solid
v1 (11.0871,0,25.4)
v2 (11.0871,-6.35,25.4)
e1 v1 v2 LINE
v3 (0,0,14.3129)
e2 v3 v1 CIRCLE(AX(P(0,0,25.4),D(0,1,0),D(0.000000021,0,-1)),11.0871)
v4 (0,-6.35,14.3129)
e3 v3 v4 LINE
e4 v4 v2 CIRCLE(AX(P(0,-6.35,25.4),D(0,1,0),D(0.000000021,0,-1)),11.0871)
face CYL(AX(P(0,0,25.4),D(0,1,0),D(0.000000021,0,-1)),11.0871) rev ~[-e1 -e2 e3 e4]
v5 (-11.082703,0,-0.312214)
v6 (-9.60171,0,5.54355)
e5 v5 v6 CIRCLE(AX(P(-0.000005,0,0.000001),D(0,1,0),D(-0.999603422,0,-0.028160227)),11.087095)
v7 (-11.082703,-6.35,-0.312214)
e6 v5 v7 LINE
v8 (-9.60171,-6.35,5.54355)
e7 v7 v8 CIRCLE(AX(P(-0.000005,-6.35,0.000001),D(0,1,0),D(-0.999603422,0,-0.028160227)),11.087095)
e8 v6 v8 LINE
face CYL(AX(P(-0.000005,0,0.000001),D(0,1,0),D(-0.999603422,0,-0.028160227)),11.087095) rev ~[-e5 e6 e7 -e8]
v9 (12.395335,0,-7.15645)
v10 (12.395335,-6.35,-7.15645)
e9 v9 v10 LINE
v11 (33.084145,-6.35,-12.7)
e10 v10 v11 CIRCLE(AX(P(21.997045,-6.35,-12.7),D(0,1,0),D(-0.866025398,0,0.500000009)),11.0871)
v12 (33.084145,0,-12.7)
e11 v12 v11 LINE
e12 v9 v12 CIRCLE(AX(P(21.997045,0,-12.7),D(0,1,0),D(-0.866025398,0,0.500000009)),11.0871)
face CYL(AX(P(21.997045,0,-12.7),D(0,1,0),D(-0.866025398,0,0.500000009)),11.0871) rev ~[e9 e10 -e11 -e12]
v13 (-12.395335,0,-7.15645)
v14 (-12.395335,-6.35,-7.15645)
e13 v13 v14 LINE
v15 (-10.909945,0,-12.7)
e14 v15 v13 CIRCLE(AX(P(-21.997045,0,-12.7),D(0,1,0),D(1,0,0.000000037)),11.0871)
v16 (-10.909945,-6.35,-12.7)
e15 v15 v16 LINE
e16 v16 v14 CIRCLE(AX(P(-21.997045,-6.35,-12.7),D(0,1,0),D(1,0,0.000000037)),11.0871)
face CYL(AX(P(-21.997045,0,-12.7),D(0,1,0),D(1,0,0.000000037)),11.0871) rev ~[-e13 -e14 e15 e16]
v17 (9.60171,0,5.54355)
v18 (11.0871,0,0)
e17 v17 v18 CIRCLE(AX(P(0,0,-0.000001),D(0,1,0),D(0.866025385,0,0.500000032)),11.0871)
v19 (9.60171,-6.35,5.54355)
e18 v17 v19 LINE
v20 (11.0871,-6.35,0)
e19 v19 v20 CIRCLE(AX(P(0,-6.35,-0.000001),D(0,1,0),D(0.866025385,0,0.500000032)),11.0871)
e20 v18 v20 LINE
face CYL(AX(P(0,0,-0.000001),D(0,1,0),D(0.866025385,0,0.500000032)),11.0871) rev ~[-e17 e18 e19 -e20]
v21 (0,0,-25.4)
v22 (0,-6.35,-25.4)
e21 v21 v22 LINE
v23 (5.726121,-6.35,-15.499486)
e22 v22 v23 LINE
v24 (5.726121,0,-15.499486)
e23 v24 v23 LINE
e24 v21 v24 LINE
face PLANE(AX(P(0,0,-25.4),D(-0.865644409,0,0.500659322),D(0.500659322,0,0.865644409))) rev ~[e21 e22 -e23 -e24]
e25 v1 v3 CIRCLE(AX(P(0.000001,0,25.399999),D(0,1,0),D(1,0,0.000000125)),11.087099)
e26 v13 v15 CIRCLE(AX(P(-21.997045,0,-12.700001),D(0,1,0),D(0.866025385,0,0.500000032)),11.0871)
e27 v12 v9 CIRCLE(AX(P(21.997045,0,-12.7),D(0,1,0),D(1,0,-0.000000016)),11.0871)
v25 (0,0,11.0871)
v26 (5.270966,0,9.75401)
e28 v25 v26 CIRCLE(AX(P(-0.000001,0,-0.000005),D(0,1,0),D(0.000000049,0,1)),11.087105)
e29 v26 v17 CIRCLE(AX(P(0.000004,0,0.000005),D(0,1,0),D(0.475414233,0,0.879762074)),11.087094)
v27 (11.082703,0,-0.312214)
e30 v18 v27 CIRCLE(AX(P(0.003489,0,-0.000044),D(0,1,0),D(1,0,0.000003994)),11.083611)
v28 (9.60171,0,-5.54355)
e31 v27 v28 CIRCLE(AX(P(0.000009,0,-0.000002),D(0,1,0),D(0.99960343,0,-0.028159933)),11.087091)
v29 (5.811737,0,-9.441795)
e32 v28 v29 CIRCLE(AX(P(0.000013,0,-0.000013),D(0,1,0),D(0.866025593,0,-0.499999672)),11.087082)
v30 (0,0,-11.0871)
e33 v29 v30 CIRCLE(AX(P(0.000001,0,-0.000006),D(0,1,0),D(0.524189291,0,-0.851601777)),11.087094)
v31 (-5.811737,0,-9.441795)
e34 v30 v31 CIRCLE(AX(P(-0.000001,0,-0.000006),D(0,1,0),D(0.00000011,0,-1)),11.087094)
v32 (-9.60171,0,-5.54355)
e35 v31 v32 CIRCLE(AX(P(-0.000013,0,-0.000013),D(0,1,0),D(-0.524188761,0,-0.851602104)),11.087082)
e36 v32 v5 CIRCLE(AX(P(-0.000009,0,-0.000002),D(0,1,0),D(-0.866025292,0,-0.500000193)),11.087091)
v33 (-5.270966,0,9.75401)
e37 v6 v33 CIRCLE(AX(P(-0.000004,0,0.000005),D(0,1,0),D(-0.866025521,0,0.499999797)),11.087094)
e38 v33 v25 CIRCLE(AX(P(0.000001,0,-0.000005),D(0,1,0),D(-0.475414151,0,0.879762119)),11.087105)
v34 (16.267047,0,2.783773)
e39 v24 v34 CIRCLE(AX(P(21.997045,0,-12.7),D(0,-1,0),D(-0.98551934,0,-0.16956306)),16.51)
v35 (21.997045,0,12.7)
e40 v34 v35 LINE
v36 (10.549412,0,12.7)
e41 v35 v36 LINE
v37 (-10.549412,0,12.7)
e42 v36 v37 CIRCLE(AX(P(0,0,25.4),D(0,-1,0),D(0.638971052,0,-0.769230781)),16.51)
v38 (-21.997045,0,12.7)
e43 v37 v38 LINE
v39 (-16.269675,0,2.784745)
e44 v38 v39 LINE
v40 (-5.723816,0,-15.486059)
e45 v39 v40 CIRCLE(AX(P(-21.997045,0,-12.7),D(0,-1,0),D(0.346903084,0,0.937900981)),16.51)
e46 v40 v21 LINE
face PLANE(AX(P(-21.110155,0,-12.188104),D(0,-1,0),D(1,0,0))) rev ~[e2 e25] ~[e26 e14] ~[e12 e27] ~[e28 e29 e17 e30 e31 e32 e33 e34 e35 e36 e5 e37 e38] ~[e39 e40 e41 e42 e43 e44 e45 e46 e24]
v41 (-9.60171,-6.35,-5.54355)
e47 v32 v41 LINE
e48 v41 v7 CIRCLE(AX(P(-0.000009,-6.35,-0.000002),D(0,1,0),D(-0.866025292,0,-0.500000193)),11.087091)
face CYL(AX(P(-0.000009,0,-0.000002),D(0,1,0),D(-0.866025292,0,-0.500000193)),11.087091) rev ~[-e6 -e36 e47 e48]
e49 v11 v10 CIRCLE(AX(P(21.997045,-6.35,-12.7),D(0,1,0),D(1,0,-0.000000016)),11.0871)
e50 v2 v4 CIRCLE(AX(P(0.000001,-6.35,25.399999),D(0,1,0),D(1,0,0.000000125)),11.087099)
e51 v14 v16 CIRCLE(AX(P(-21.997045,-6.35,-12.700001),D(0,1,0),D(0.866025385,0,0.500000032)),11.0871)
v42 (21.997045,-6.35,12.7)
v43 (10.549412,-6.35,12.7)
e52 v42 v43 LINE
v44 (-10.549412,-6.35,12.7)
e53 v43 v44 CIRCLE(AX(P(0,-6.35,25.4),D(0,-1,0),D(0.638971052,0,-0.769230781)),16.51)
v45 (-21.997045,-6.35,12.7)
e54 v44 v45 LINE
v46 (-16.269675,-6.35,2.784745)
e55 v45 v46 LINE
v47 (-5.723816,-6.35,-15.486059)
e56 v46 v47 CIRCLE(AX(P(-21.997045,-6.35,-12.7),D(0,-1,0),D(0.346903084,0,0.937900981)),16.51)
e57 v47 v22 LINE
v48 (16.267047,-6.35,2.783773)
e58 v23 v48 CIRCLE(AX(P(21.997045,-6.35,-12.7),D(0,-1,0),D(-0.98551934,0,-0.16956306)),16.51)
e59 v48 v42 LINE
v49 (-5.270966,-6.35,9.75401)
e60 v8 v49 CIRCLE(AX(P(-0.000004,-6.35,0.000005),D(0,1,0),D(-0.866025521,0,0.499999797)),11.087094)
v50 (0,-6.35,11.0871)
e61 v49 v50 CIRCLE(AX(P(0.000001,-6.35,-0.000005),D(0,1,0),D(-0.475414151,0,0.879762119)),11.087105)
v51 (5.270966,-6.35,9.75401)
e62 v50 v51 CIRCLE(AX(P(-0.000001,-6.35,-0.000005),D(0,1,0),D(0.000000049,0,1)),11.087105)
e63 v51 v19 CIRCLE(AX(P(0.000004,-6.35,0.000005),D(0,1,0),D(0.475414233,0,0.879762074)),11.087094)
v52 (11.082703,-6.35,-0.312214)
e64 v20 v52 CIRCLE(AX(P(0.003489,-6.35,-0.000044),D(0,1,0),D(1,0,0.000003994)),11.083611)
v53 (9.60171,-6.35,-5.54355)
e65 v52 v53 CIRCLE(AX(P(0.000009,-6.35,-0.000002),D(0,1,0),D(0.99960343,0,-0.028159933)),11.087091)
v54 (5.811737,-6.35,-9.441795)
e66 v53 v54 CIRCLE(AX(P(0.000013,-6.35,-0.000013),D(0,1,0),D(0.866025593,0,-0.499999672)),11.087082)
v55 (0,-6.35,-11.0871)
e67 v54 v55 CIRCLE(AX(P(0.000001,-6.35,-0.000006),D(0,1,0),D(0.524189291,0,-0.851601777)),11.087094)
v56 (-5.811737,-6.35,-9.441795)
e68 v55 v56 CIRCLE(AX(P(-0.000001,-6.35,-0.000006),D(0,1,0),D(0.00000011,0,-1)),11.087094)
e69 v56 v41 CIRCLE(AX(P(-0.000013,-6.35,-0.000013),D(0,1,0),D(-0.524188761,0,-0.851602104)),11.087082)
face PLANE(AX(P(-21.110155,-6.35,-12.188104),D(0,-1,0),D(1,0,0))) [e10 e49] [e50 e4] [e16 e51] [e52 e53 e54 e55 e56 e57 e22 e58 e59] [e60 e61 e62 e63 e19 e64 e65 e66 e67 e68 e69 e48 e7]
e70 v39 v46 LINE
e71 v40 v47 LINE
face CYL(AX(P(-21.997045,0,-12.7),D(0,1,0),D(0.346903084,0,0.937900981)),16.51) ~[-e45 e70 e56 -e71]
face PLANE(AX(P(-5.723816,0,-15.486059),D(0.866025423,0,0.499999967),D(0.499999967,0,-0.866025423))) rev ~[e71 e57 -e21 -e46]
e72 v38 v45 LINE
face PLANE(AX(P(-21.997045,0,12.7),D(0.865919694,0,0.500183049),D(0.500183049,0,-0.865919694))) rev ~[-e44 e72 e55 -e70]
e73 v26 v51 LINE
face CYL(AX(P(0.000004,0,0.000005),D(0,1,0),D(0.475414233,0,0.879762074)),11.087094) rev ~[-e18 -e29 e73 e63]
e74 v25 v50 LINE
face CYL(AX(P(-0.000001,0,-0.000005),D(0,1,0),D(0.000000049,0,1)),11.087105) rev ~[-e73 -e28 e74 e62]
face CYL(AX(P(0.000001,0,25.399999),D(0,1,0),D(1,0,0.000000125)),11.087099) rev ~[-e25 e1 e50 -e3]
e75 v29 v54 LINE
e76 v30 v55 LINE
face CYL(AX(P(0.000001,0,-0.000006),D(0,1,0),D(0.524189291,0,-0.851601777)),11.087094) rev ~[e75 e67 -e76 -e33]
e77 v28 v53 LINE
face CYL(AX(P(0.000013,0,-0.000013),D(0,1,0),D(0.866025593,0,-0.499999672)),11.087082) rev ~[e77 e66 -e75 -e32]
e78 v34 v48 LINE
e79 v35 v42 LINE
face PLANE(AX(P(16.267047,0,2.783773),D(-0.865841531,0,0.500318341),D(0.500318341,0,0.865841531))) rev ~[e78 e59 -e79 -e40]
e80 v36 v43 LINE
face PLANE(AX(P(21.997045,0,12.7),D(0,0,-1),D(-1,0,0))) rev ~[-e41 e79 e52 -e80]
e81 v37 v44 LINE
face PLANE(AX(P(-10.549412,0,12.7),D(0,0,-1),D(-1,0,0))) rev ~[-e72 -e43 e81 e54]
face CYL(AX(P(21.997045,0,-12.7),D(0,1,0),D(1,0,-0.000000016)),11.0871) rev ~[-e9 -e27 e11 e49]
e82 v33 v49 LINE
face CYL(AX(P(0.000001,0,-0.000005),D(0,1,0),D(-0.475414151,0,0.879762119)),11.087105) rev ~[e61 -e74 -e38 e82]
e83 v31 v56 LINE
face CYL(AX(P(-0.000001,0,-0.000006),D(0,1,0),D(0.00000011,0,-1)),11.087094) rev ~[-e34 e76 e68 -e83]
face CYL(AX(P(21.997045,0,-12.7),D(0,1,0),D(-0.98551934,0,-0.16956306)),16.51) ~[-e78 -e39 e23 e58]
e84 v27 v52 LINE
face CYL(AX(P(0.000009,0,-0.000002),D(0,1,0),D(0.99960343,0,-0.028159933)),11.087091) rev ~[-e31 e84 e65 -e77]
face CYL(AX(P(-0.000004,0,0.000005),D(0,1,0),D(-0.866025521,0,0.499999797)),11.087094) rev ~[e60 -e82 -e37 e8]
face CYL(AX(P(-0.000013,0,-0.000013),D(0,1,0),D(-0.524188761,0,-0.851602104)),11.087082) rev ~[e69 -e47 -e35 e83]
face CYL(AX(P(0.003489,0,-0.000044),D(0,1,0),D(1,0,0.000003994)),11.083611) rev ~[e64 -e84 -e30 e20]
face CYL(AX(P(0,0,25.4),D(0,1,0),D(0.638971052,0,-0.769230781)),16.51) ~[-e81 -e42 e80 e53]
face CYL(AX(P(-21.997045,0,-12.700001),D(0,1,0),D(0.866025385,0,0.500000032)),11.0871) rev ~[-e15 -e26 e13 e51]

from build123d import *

# Parameters (mm, degrees)
F1_DEPTH = 6.35


with BuildPart() as f1:
    # F0 (on Front) → F1 (new body)
    with BuildSketch(Plane.XZ):
        with BuildLine():
            ThreePointArc((-5.723816, -15.486059), (-5.488792, -12.459869), (-5.811737, -9.441795))
            ThreePointArc((-5.811737, -9.441795), (-7.949382, -7.728591), (-9.60171, -5.54355))
            ThreePointArc((-9.60171, -5.54355), (-10.667847, -3.020071), (-11.082703, -0.312214))
            ThreePointArc((-11.082703, -0.312214), (-13.533332, 1.47553), (-16.269675, 2.784745))
            ThreePointArc((-16.269675, 2.784745), (-36.296072, -20.953359), (-5.723816, -15.486059))
        make_face()
        with BuildLine():
            ThreePointArc((-10.909945, -12.7), (-32.706361, -15.569553), (-12.395335, -7.15645))
            ThreePointArc((-12.395335, -7.15645), (-11.287729, -9.830447), (-10.909945, -12.7))
        make_face(mode=Mode.SUBTRACT)
        with BuildLine():
            ThreePointArc((16.267047, 2.783773), (13.532129, 1.474812), (11.082703, -0.312214))
            ThreePointArc((11.082703, -0.312214), (10.667847, -3.020071), (9.60171, -5.54355))
            ThreePointArc((9.60171, -5.54355), (7.949382, -7.728591), (5.811737, -9.441795))
            ThreePointArc((5.811737, -9.441795), (5.488694, -12.46668), (5.726121, -15.499486))
            ThreePointArc((5.726121, -15.499486), (36.300176, -20.946245), (16.267047, 2.783773))
        make_face()
        with BuildLine():
            ThreePointArc((33.084145, -12.7), (19.127493, -23.409316), (12.395335, -7.15645))
            ThreePointArc((12.395335, -7.15645), (24.866598, -1.990684), (33.084145, -12.7))
        make_face(mode=Mode.SUBTRACT)
        with BuildLine():
            ThreePointArc((0, 11.0871), (2.718465, 10.748662), (5.270966, 9.75401))
            ThreePointArc((5.270966, 9.75401), (8.046167, 10.983368), (10.549412, 12.7))
            ThreePointArc((10.549412, 12.7), (0, 41.91), (-10.549412, 12.7))
            ThreePointArc((-10.549412, 12.7), (-8.046167, 10.983368), (-5.270966, 9.75401))
            ThreePointArc((-5.270966, 9.75401), (-2.718465, 10.748662), (0, 11.0871))
        make_face()
        with BuildLine():
            ThreePointArc((11.0871, 25.4), (7.839764, 17.560236), (0, 14.3129))
            ThreePointArc((0, 14.3129), (-7.839764, 33.239764), (11.0871, 25.4))
        make_face(mode=Mode.SUBTRACT)
        with BuildLine():
            ThreePointArc((5.270966, 9.75401), (7.728591, 7.949382), (9.60171, 5.54355))
            Line((9.60171, 5.54355), (21.997045, 12.7))
            Line((21.997045, 12.7), (10.549412, 12.7))
            ThreePointArc((10.549412, 12.7), (8.046167, 10.983368), (5.270966, 9.75401))
        make_face()
        with BuildLine():
            ThreePointArc((9.60171, 5.54355), (10.709316, 2.869553), (11.0871, 0))
            ThreePointArc((11.0871, 0), (11.086001, -0.156123), (11.082703, -0.312214))
            ThreePointArc((11.082703, -0.312214), (13.532129, 1.474812), (16.267047, 2.783773))
            Line((16.267047, 2.783773), (21.997045, 12.7))
            Line((21.997045, 12.7), (9.60171, 5.54355))
        make_face()
        with BuildLine():
            ThreePointArc((5.726121, -15.499486), (5.488694, -12.46668), (5.811737, -9.441795))
            ThreePointArc((5.811737, -9.441795), (3.020071, -10.667847), (0, -11.0871))
            Line((0, -11.0871), (0, -25.4))
            Line((0, -25.4), (5.726121, -15.499486))
        make_face()
        with BuildLine():
            Line((0, -25.4), (0, -11.0871))
            ThreePointArc((0, -11.0871), (-3.020071, -10.667847), (-5.811737, -9.441795))
            ThreePointArc((-5.811737, -9.441795), (-5.488792, -12.459869), (-5.723816, -15.486059))
            Line((-5.723816, -15.486059), (0, -25.4))
        make_face()
        with BuildLine():
            ThreePointArc((-11.082703, -0.312214), (-10.748662, 2.718465), (-9.60171, 5.54355))
            Line((-9.60171, 5.54355), (-21.997045, 12.7))
            Line((-21.997045, 12.7), (-16.269675, 2.784745))
            ThreePointArc((-16.269675, 2.784745), (-13.533332, 1.47553), (-11.082703, -0.312214))
        make_face()
        with BuildLine():
            ThreePointArc((-9.60171, 5.54355), (-7.728591, 7.949382), (-5.270966, 9.75401))
            ThreePointArc((-5.270966, 9.75401), (-8.046167, 10.983368), (-10.549412, 12.7))
            Line((-10.549412, 12.7), (-21.997045, 12.7))
            Line((-21.997045, 12.7), (-9.60171, 5.54355))
        make_face()
    extrude(amount=F1_DEPTH)


solid = f1.part
